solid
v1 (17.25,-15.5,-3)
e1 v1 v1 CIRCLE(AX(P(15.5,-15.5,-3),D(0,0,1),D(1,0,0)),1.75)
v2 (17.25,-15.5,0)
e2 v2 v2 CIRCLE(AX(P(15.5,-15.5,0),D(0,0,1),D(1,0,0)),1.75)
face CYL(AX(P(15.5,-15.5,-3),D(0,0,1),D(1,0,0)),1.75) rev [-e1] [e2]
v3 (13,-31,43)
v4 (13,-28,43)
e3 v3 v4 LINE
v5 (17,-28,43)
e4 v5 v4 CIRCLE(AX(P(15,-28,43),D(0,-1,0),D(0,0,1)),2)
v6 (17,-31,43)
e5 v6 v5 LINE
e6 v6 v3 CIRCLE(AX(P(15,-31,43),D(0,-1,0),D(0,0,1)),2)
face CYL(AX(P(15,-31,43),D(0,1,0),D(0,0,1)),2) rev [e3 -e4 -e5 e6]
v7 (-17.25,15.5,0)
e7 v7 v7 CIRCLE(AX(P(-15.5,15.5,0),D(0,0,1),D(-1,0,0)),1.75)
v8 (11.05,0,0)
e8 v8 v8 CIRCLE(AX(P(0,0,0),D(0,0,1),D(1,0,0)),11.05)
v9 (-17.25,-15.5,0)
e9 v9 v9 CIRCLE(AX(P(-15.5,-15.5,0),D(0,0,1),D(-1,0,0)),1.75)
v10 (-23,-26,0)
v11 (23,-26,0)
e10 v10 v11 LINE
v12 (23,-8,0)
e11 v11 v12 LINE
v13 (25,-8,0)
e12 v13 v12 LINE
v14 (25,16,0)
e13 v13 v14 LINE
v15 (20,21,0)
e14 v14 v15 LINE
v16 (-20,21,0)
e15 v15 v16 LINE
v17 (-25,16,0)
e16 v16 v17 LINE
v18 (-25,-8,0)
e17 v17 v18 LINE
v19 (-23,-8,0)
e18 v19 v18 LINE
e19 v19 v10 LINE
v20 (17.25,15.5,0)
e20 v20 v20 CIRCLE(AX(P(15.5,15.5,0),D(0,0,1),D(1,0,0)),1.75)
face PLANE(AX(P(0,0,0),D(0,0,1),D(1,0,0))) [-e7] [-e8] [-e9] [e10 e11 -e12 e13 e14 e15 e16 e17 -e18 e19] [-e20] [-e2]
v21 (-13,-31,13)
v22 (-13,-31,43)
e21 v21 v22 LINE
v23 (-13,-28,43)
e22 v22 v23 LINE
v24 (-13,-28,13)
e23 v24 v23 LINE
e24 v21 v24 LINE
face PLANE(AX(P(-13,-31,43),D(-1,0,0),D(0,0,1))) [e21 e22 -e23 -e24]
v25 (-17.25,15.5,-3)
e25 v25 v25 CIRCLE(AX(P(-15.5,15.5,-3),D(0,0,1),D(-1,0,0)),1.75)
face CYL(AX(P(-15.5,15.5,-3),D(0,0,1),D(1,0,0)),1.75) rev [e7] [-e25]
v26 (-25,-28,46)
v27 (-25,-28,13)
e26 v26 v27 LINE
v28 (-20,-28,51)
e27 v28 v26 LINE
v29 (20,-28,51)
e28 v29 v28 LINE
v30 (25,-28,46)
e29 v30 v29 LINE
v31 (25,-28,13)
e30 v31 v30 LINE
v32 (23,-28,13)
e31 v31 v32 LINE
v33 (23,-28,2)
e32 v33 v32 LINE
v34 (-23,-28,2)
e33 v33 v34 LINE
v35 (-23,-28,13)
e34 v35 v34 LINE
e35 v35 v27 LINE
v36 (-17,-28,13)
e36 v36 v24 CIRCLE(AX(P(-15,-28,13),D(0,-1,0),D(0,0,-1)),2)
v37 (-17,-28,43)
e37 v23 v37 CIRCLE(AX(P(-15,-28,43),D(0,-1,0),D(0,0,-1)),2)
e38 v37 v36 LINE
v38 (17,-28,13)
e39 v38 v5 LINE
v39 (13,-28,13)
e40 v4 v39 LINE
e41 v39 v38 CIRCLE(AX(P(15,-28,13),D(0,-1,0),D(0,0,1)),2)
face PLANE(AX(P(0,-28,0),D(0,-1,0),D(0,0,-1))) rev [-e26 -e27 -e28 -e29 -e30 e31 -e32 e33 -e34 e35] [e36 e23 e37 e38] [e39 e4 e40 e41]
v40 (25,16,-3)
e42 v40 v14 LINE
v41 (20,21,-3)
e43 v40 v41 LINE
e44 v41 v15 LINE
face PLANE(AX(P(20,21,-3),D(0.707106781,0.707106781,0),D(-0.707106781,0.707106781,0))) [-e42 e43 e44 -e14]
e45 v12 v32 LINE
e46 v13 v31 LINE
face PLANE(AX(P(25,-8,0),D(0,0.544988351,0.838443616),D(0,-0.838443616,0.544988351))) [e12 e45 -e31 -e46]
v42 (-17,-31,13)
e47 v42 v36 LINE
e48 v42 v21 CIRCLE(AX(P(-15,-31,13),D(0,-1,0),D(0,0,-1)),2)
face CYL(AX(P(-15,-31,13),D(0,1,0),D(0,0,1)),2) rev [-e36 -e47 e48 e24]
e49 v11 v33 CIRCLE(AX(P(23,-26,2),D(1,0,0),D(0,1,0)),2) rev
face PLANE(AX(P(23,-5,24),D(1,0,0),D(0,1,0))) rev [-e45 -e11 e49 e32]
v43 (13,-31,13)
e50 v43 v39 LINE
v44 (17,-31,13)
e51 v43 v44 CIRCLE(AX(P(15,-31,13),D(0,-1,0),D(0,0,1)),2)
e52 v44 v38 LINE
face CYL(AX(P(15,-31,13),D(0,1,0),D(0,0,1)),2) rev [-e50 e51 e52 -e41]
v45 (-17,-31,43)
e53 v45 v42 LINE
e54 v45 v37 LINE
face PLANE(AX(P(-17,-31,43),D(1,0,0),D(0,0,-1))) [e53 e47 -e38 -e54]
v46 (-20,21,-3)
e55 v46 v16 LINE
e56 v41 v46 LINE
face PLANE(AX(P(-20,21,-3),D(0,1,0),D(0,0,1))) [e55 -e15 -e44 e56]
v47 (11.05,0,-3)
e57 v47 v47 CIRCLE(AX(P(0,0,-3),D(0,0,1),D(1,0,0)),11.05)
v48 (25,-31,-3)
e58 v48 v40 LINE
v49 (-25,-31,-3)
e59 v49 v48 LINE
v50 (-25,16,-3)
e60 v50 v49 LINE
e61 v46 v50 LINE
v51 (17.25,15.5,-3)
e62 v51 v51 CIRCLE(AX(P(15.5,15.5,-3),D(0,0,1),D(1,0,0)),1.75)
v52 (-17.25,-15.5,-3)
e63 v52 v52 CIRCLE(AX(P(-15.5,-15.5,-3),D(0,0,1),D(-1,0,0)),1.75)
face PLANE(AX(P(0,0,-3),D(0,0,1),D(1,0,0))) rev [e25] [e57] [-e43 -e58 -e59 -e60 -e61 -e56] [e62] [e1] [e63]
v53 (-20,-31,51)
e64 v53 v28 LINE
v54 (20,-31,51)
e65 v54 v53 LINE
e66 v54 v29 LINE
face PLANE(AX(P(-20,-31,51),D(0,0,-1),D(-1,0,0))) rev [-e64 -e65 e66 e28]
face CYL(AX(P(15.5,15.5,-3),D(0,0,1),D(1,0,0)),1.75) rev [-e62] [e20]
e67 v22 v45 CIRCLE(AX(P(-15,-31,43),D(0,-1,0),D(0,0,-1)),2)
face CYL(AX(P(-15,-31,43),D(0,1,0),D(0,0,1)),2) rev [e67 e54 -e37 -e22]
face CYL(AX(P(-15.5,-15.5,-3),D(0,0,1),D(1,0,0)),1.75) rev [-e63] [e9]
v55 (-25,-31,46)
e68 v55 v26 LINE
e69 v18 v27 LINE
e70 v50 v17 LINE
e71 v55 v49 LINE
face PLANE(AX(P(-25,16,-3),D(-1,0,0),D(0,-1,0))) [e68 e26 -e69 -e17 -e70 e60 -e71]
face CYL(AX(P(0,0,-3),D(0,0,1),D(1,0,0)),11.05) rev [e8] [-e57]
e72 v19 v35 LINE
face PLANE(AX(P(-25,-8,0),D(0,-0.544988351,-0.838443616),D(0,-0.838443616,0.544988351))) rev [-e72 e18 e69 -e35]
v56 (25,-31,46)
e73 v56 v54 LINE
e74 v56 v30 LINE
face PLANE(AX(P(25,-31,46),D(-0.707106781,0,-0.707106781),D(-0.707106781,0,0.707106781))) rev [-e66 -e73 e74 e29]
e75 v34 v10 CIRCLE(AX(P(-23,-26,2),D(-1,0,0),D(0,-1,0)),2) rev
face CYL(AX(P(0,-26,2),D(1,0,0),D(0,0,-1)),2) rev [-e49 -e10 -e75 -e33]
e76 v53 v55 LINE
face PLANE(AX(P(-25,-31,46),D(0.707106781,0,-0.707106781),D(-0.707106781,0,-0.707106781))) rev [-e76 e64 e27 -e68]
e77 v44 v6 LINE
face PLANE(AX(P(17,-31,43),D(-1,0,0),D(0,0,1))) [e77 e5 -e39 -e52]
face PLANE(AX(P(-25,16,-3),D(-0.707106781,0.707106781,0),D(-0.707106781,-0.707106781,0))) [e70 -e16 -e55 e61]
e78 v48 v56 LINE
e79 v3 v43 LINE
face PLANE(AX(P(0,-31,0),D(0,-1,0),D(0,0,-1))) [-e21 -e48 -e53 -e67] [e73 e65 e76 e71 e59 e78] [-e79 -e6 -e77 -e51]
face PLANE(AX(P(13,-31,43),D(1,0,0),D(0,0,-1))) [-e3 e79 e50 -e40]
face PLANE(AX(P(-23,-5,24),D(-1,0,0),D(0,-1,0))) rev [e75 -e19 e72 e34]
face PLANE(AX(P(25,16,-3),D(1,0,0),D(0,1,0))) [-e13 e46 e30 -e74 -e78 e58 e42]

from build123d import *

# Parameters (mm, degrees)
SKETCH_1_R      = 11.05
SKETCH_1_R_2    = 1.75
EXTRUDE_1_DEPTH = 3
EXTRUDE_2_DEPTH = 3
RIB_1_REACH     = 79.859
SKETCH_3_WALL_W = 181.571414162
SKETCH_3_WALL_H = 2
FILLET_1_R      = 2


with BuildPart() as part:
    # 草图1 → 凸台-拉伸1 (new body)
    with BuildSketch(Plane.XY):
        Polygon((-20, 21), (20, 21), (25, 16), (25, -28), (-25, -28), (-25, 16), align=None)
        Circle(SKETCH_1_R, mode=Mode.SUBTRACT)
        with Locations((15.5, 15.5)):
            Circle(SKETCH_1_R_2, mode=Mode.SUBTRACT)
        with Locations((15.5, -15.5)):
            Circle(SKETCH_1_R_2, mode=Mode.SUBTRACT)
        with Locations(Location((-15.5, -15.5, 0), (0, 0, 180))):
            Circle(SKETCH_1_R_2, mode=Mode.SUBTRACT)
        with Locations(Location((-15.5, 15.5, 0), (0, 0, 180))):
            Circle(SKETCH_1_R_2, mode=Mode.SUBTRACT)
    extrude(amount=-EXTRUDE_1_DEPTH)

    # 草图2 → 凸台-拉伸2 (add)
    with BuildSketch(Plane.XZ.offset(28)):
        Polygon((-25, -3), (-25, 46), (-20, 51), (20, 51), (25, 46), (25, -3), align=None)
        with BuildLine():
            Line((-13, 43), (-13, 13))
            ThreePointArc((-13, 13), (-15, 11), (-17, 13))
            Line((-17, 13), (-17, 43))
            ThreePointArc((-17, 43), (-15, 45), (-13, 43))
        make_face(mode=Mode.SUBTRACT)
        with BuildLine():
            Line((13, 43), (13, 13))
            ThreePointArc((13, 13), (15, 11), (17, 13))
            Line((17, 13), (17, 43))
            ThreePointArc((17, 43), (15, 45), (13, 43))
        make_face(mode=Mode.SUBTRACT)
    extrude(amount=EXTRUDE_2_DEPTH)

    # 草图3 wall → 筋1 (add, up to next)
    with BuildSketch(Plane(origin=(-25, -18, 6.5), x_dir=(0, -0.838443616301, 0.544988350595), z_dir=(0, 0.544988350595, 0.838443616301)), mode=Mode.PRIVATE) as rib_1_sk1:
        with Locations((0, 1)):
            Rectangle(SKETCH_3_WALL_W, SKETCH_3_WALL_H)
    rib_1_tool1 = extrude(rib_1_sk1.sketch, amount=-RIB_1_REACH, mode=Mode.PRIVATE) - part.part
    rib_1 = rib_1_tool1.solids().sort_by_distance((-25, -18, 6.5))[0]
    add(rib_1)

    # 镜向1: 筋1 across plane
    add(rib_1.mirror(Plane(origin=(0, 0, 0), x_dir=(0, 0, 1), z_dir=(1, 0, 0))))

    # 圆角1
    fillet_1_edges = [part.edges().sort_by_distance(p)[0] for p in [
        (0, -28, 0),
    ]]
    fillet(fillet_1_edges, radius=FILLET_1_R)


solid = part.part
